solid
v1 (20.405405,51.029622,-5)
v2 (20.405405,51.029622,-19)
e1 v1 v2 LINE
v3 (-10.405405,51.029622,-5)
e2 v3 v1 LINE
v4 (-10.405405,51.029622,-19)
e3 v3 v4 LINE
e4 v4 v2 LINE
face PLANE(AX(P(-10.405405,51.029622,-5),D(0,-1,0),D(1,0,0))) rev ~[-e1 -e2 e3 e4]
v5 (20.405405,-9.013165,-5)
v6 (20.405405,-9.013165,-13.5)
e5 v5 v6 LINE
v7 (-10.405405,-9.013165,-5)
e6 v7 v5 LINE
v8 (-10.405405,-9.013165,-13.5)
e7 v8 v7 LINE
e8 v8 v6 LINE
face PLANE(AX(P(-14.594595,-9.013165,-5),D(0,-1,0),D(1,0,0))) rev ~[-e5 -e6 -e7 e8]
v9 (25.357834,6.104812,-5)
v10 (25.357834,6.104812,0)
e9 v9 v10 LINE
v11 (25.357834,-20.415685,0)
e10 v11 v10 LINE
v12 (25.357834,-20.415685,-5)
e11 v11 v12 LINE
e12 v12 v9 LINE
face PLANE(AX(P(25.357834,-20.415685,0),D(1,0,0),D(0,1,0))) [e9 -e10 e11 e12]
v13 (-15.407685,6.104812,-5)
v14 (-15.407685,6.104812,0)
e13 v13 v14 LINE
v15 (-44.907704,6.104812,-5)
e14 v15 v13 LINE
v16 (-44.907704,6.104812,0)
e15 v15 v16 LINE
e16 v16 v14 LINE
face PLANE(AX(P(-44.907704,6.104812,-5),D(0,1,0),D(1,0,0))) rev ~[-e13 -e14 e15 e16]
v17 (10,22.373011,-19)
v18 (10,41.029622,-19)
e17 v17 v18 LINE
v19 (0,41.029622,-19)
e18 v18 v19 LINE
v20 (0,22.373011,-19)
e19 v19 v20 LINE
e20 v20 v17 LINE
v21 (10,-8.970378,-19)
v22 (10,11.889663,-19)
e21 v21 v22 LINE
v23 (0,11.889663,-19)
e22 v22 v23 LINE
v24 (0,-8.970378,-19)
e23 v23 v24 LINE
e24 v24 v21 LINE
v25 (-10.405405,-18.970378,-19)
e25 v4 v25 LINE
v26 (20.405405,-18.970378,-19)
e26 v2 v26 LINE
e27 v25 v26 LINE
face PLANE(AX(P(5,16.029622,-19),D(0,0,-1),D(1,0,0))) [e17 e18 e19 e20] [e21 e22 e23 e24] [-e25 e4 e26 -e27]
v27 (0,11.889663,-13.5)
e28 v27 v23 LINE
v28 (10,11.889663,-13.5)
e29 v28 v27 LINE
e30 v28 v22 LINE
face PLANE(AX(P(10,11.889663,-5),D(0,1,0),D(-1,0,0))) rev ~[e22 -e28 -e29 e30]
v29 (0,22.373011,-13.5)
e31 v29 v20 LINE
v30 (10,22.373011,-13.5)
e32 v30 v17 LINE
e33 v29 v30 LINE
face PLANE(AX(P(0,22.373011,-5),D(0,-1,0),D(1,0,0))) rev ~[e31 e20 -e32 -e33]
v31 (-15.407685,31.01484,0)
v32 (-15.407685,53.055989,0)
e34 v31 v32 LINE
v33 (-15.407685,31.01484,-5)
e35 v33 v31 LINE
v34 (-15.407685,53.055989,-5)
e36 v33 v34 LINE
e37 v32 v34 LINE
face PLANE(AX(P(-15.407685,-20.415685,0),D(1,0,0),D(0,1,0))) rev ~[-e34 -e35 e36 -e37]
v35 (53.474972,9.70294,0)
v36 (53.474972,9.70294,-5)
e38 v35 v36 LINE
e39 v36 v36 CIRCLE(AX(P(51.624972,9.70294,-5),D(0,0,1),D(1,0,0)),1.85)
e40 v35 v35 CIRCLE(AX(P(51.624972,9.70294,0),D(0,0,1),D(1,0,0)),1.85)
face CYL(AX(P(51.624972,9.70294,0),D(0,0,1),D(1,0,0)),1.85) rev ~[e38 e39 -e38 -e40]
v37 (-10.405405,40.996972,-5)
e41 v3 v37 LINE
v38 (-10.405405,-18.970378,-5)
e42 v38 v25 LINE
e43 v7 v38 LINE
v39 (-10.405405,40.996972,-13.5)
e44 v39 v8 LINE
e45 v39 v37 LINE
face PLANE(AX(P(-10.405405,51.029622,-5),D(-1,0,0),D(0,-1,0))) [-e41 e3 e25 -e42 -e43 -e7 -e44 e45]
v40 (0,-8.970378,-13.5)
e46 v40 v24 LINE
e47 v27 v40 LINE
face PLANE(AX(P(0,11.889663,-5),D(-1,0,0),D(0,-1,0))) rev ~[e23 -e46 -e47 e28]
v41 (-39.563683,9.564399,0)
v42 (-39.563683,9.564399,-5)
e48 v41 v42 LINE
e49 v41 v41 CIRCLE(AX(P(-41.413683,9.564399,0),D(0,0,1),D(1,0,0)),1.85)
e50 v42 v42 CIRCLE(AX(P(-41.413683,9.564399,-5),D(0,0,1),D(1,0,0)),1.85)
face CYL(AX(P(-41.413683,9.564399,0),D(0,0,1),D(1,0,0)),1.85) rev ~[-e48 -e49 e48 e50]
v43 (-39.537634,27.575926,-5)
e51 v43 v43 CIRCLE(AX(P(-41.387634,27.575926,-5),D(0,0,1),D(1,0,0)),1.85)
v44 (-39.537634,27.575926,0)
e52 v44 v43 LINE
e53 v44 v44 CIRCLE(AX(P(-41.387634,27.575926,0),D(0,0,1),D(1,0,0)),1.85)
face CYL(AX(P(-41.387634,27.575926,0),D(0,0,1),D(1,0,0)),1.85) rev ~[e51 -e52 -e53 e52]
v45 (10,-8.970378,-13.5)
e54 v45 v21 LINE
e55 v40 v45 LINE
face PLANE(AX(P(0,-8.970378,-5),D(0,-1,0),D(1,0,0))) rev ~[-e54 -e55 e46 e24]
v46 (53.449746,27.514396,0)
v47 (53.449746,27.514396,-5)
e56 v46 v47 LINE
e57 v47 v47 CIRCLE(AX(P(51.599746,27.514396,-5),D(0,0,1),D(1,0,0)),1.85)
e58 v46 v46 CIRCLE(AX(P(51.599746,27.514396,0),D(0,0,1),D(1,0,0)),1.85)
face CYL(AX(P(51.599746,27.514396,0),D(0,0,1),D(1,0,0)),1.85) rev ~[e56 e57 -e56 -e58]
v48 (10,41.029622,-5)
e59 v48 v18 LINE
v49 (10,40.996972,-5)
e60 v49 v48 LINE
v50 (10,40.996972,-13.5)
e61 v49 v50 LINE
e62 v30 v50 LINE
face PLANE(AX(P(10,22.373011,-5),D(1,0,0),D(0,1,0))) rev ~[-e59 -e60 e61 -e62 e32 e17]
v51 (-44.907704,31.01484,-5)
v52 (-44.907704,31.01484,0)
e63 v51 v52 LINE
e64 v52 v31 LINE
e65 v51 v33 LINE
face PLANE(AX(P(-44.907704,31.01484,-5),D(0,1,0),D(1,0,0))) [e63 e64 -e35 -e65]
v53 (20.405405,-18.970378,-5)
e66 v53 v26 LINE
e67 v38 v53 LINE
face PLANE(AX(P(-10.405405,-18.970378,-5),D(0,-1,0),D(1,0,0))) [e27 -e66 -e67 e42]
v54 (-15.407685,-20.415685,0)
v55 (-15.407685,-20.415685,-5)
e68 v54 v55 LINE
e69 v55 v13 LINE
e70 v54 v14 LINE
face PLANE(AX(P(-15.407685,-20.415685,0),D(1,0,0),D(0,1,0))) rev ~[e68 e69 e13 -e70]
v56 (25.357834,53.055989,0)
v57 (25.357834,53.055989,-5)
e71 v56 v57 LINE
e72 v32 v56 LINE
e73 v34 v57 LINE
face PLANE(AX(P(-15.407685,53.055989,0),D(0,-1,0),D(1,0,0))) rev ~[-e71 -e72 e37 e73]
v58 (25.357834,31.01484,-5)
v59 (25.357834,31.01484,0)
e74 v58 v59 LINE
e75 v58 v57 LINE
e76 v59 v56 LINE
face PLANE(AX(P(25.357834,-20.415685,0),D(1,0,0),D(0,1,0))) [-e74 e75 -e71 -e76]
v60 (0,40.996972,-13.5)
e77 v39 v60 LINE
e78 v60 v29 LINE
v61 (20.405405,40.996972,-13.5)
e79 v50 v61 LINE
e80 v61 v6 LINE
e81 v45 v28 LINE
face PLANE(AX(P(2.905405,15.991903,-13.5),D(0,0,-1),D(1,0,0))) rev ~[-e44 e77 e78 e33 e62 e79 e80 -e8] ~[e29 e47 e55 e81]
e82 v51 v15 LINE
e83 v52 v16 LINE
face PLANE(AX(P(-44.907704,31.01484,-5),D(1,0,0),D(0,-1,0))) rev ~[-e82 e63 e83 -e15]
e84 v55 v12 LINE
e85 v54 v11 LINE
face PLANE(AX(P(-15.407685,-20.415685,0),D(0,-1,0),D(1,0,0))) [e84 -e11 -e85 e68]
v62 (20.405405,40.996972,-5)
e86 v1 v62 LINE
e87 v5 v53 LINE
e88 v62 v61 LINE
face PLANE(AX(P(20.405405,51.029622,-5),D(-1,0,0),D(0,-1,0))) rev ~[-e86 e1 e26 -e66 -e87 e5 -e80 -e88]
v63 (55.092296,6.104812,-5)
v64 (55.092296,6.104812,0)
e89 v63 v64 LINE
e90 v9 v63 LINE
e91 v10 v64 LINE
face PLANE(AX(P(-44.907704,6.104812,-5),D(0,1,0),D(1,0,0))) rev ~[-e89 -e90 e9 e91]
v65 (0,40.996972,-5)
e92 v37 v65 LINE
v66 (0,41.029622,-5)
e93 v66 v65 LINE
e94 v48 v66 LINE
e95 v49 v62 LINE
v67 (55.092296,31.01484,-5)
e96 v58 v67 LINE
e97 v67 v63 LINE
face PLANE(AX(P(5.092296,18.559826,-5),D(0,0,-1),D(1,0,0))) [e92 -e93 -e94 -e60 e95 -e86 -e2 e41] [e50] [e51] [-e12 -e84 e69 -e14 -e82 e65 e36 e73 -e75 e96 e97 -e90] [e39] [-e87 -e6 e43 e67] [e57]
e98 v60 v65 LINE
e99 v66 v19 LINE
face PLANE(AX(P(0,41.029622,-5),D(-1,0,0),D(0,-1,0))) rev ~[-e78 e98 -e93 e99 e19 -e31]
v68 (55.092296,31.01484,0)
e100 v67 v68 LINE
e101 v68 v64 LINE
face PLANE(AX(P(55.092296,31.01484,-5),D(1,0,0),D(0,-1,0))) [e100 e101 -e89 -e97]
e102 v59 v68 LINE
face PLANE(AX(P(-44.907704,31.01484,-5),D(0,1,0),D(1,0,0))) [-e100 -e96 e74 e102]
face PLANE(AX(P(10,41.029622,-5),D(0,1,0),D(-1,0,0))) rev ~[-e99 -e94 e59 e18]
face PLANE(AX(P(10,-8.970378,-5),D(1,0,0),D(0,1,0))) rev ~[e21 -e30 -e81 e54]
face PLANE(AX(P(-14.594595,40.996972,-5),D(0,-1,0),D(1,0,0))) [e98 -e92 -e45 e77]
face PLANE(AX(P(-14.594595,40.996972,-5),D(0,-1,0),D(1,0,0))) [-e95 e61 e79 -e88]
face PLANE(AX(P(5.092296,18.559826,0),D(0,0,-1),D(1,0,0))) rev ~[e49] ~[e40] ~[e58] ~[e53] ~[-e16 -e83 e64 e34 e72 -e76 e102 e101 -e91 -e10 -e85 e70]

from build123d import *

# Parameters (mm, degrees)
F0_W     = 40.765519
F0_H     = 73.471674
F1_DEPTH = 5
F2_W     = 30.81081
F2_H     = 70
F3_DEPTH = 14
F4_W     = 35
F4_H     = 50.010137
F5_DEPTH = 8.5
F6_W     = 100
F6_H     = 24.910029
F7_DEPTH = 5
F8_R     = 1.85
F9_DEPTH = 25.4


with BuildPart() as f1:
    # F0 (on Top) → F1 (new body)
    with BuildSketch(Plane.XY):
        with Locations((4.975075, 16.320152)):
            Rectangle(F0_W, F0_H)
    extrude(amount=-F1_DEPTH)

    # F2 (on face) → F3 (join)
    with BuildSketch(Plane(origin=(0, 0, -5), x_dir=(1, 0, 0), z_dir=(0, 0, -1))):
        with Locations((5, -16.029622)):
            Rectangle(F2_W, F2_H)
        Polygon((10, -41.029622), (5, -41.029622), (0, -41.029622), (0, -22.373011), (10, -22.373011), align=None, mode=Mode.SUBTRACT)
        Polygon((0, 8.970378), (5, 8.970378), (10, 8.970378), (10, -11.889663), (0, -11.889663), align=None, mode=Mode.SUBTRACT)
    extrude(amount=F3_DEPTH)

    # F4 (on face) → F5 (cut)
    with BuildSketch(Plane(origin=(0, 0, -5), x_dir=(1, 0, 0), z_dir=(0, 0, -1))):
        with Locations((2.905405, -15.991903)):
            Rectangle(F4_W, F4_H)
    extrude(amount=F5_DEPTH, mode=Mode.SUBTRACT)

    # F6 (on face) → F7 (join)
    with BuildSketch(Plane(origin=(0, 0, -5), x_dir=(1, 0, 0), z_dir=(0, 0, -1))):
        with Locations((5.092296, -18.559826)):
            Rectangle(F6_W, F6_H)
    extrude(amount=-F7_DEPTH)

    # F8 (on face) → F9 (cut)
    with BuildSketch(Plane.XY):
        with Locations((-41.387634, 27.575926)):
            Circle(F8_R)
        with Locations((51.599746, 27.514396)):
            Circle(F8_R)
        with Locations((-41.413683, 9.564399)):
            Circle(F8_R)
        with Locations((51.624972, 9.70294)):
            Circle(F8_R)
    extrude(amount=-F9_DEPTH, mode=Mode.SUBTRACT)


solid = f1.part
